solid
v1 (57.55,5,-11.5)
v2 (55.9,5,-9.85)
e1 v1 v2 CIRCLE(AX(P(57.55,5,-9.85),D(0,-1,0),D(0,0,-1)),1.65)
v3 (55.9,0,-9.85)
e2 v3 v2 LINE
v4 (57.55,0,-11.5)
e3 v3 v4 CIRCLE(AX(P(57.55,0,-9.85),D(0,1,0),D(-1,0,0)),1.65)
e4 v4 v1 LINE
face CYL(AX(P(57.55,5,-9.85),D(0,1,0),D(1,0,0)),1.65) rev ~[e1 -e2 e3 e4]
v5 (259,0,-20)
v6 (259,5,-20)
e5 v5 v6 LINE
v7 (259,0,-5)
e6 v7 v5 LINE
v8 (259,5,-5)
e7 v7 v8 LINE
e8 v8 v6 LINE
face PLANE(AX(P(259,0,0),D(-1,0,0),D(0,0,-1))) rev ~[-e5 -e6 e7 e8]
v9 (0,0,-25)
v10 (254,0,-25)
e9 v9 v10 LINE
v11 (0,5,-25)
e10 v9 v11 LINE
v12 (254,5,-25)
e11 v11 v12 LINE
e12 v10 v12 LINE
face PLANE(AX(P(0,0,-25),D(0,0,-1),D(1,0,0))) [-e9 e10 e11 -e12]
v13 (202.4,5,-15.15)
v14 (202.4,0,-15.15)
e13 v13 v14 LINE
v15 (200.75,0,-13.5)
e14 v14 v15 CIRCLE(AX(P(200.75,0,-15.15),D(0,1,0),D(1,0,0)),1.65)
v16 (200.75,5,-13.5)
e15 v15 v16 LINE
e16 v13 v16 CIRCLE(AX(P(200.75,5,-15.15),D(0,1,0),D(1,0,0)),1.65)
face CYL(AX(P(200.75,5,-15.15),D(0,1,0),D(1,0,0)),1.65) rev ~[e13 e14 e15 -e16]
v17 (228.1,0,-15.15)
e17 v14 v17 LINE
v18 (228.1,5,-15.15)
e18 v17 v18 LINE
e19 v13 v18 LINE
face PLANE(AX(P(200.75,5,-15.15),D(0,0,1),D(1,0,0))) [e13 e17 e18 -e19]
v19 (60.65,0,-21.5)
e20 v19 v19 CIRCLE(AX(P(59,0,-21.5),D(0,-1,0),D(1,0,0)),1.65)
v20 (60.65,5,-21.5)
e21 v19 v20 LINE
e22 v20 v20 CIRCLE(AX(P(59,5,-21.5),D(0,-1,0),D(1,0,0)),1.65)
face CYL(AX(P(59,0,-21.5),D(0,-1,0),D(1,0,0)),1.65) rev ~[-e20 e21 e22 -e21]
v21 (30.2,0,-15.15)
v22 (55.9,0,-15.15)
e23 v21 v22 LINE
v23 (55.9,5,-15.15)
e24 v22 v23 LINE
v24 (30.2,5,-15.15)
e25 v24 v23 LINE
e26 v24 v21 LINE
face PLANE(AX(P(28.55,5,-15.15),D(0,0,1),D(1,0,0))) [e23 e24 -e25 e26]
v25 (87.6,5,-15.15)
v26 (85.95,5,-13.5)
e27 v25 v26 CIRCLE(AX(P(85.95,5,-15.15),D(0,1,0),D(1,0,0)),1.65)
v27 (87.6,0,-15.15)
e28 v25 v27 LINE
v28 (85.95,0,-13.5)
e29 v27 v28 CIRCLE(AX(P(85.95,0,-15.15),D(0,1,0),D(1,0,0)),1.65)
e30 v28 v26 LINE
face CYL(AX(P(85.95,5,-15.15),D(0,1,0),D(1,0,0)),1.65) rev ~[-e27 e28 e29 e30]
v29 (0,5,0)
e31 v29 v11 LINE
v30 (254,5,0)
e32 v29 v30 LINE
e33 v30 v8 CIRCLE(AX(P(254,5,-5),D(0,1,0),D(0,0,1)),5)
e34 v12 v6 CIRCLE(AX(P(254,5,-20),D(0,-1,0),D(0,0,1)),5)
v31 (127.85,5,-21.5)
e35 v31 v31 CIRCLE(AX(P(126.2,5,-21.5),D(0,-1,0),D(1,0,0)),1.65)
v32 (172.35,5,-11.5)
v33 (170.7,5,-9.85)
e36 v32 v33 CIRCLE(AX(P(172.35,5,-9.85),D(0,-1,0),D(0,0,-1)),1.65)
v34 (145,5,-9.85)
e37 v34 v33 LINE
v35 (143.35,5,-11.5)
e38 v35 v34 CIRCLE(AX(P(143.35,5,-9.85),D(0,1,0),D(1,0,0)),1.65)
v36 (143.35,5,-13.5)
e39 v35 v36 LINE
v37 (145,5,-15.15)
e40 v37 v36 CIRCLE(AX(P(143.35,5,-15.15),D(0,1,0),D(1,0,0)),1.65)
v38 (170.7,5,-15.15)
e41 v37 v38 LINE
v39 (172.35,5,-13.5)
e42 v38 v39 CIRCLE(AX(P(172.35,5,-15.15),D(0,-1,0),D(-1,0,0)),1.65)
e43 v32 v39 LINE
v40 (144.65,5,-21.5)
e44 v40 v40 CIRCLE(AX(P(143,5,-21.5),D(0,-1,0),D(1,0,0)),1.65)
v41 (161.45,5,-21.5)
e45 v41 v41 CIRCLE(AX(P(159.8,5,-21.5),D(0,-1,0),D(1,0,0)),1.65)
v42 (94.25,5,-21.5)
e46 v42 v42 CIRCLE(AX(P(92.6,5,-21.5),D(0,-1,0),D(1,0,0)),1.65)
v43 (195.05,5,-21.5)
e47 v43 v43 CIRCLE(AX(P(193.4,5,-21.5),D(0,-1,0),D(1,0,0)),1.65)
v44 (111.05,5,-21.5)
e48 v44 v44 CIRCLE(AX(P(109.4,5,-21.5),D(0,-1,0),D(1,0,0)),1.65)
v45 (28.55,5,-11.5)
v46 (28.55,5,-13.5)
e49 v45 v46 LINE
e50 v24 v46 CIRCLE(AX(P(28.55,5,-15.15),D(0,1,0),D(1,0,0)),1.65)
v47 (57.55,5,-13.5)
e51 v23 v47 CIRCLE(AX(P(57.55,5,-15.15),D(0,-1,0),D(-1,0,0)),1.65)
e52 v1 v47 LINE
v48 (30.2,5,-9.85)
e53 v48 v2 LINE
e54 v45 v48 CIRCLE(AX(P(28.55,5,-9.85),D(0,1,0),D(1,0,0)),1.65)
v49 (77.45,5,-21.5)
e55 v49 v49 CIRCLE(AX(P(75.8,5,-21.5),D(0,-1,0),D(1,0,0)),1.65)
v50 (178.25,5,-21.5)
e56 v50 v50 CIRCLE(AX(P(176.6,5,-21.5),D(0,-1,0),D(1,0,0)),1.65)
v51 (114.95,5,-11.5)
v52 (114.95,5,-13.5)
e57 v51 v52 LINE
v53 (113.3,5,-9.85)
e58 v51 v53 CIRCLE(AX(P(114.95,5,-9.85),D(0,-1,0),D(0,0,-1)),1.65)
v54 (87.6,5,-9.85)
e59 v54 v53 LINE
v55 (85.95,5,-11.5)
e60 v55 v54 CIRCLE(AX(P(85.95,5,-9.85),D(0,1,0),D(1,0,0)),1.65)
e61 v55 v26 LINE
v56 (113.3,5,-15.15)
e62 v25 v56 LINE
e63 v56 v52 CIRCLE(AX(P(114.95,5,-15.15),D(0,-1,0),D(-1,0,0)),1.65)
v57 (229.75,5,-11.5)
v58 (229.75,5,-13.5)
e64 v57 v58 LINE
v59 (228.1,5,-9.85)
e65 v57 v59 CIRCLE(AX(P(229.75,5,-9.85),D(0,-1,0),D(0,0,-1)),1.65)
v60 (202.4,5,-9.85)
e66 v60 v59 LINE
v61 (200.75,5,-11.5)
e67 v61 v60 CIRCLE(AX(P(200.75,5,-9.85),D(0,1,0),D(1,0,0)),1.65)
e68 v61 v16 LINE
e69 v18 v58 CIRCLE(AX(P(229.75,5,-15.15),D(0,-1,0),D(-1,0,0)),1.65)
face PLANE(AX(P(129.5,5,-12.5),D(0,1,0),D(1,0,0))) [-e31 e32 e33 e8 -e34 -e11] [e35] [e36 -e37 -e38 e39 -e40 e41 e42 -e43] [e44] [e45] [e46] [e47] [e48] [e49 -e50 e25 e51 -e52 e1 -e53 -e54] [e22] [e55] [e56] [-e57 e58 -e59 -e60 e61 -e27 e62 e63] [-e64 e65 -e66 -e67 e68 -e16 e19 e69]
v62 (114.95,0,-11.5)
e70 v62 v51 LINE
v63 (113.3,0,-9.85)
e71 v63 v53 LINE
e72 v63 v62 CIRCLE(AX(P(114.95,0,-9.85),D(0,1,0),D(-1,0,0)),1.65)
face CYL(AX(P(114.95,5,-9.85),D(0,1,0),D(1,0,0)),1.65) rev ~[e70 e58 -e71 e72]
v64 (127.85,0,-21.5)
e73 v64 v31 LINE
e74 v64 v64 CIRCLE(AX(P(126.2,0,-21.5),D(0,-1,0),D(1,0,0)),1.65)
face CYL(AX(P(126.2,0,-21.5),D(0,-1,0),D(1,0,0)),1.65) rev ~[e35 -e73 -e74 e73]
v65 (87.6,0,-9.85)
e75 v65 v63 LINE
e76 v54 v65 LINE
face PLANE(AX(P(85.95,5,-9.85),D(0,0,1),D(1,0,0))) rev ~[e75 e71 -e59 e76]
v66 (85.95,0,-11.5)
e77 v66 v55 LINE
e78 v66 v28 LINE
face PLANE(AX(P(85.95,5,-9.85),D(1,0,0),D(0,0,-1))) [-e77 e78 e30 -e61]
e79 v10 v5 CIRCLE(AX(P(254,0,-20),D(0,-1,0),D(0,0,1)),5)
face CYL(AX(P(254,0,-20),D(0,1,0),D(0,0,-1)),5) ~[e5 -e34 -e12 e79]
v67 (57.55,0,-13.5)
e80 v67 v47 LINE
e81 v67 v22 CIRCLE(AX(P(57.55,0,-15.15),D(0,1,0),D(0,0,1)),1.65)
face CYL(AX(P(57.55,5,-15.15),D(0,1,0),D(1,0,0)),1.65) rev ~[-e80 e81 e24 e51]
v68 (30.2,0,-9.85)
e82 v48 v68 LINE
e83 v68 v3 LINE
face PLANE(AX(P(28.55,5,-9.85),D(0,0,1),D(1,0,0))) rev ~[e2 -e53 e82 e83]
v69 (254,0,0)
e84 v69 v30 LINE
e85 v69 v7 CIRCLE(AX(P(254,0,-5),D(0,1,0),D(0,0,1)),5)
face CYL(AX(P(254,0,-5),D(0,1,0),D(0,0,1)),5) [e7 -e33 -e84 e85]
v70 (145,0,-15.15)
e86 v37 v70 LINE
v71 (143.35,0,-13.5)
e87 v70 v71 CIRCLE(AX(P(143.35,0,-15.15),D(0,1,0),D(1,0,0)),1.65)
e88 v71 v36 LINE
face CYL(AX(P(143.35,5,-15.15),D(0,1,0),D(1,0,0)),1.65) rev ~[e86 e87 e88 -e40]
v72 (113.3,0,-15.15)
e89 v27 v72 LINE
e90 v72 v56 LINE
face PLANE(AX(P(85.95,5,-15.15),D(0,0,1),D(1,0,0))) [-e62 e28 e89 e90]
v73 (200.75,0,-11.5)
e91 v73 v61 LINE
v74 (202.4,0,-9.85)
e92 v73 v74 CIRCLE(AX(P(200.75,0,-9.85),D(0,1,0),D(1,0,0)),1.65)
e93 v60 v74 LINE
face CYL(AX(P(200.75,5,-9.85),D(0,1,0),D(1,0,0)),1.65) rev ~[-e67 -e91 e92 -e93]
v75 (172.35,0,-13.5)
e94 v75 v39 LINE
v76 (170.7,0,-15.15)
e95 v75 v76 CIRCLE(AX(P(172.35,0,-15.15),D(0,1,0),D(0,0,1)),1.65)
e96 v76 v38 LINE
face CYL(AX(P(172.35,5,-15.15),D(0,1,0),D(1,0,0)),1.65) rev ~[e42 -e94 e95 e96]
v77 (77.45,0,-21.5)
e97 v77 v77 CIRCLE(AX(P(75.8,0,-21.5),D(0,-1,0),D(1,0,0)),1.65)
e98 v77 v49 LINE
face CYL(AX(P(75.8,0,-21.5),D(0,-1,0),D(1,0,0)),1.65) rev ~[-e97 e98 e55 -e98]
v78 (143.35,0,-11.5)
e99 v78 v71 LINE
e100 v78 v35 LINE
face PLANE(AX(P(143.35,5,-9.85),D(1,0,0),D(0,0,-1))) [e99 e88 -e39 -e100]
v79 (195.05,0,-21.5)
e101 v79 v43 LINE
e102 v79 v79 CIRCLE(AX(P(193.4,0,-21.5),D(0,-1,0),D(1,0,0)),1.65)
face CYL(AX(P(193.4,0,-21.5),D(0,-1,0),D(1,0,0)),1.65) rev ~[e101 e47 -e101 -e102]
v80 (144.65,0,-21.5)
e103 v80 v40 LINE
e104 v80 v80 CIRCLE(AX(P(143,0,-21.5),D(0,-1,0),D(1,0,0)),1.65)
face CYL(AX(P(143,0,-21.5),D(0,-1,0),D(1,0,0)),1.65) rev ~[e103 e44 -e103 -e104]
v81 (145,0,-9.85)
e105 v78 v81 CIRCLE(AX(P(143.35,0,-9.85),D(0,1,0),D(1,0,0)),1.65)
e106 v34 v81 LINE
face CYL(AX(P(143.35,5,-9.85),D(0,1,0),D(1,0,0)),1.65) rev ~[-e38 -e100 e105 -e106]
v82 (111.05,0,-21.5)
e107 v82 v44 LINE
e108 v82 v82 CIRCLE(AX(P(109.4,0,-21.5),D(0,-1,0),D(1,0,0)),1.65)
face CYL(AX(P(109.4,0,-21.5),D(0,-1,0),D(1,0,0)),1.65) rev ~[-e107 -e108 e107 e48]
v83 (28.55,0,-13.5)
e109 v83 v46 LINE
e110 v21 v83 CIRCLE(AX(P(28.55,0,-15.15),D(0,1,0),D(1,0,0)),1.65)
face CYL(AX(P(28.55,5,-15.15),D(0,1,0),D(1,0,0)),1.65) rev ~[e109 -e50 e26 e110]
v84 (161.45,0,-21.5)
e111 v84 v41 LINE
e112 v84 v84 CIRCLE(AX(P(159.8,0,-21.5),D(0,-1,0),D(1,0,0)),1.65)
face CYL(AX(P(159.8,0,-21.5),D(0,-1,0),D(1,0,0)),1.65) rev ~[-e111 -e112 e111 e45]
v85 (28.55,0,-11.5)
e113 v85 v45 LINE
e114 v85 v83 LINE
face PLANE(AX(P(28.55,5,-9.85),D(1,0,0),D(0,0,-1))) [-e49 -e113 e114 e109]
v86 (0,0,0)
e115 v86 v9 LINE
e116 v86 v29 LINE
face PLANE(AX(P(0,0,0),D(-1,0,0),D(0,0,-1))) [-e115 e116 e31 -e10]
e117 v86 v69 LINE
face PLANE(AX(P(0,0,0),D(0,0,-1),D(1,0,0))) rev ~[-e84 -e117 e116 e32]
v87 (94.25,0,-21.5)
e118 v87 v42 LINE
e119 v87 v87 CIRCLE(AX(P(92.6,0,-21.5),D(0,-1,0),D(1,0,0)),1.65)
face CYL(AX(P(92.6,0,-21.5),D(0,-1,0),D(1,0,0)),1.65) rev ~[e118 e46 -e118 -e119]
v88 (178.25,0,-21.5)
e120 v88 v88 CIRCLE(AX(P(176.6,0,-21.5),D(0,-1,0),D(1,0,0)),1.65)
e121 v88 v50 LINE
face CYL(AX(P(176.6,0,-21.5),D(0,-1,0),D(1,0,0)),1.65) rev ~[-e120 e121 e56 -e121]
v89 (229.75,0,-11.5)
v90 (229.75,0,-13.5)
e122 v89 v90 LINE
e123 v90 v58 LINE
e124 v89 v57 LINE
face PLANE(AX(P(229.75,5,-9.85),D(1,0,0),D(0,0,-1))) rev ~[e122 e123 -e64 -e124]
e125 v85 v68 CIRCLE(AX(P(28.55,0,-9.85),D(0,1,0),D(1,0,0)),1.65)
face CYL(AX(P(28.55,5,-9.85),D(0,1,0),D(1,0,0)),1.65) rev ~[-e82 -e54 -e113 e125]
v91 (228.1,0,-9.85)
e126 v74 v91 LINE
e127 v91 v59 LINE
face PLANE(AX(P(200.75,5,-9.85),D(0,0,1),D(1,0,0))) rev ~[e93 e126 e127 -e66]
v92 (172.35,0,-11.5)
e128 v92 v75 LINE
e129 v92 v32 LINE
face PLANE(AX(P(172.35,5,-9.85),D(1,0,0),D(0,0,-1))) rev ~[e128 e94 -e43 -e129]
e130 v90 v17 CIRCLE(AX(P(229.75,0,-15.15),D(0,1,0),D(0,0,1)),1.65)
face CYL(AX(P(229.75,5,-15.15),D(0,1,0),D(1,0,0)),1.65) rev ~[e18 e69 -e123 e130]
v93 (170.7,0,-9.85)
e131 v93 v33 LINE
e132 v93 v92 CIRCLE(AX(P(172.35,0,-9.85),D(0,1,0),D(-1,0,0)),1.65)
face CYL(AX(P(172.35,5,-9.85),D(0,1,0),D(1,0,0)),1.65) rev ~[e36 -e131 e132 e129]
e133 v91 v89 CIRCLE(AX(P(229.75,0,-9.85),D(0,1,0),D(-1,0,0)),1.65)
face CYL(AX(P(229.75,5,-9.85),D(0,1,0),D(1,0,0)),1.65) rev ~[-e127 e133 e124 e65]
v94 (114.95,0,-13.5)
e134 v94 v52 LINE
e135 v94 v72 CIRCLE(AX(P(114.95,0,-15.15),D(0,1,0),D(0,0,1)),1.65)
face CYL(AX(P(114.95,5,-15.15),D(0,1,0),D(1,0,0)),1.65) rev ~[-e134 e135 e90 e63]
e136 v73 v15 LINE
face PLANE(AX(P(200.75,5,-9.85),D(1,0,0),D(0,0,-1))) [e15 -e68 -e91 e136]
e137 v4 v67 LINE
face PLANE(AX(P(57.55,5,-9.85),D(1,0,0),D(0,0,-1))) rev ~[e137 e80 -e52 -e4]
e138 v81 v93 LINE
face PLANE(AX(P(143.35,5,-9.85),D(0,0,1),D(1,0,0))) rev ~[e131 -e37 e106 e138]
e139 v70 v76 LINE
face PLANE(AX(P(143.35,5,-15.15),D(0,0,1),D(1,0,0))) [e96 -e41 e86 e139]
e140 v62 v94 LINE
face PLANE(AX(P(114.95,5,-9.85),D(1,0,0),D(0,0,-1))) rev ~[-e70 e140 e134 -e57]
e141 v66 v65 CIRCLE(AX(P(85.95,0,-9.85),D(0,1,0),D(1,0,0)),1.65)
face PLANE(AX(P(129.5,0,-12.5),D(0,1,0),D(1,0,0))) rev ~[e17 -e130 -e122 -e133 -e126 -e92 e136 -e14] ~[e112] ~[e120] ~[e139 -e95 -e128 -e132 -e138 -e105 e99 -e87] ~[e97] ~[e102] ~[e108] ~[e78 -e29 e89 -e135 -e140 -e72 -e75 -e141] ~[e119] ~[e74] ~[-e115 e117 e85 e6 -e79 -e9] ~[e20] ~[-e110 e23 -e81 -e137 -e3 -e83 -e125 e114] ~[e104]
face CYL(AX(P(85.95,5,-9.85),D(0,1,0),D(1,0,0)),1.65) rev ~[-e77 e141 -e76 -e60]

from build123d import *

# Parameters (mm, degrees)
SKETCH1_W           = 259
SKETCH1_H           = 25
BOSS_EXTRUDE1_DEPTH = 5
SKETCH4_W           = 29
SKETCH4_H           = 5.3
CUT_EXTRUDE2_DEPTH  = 6
SKETCH5_R           = 1.65
CUT_EXTRUDE3_DEPTH  = 6
SKETCH6_R           = 1.65
CUT_EXTRUDE4_DEPTH  = 6
FILLET1_R           = 5


with BuildPart() as part:
    # Sketch1 → Boss-Extrude1 (new body)
    with BuildSketch(Plane(origin=(0, 0, 0), x_dir=(1, 0, 0), z_dir=(0, 1, 0))):
        with Locations((129.5, 12.5)):
            Rectangle(SKETCH1_W, SKETCH1_H)
    extrude(amount=BOSS_EXTRUDE1_DEPTH)

    # Sketch4 → Cut-Extrude2 (cut, through all)
    with BuildSketch(Plane(origin=(0, 5, 0), x_dir=(1, 0, 0), z_dir=(0, 1, 0))):
        with Locations((43.05, 12.5)):
            Rectangle(SKETCH4_W, SKETCH4_H)
        with Locations((100.45, 12.5)):
            Rectangle(SKETCH4_W, SKETCH4_H)
        with Locations((157.85, 12.5)):
            Rectangle(SKETCH4_W, SKETCH4_H)
        with Locations((215.25, 12.5)):
            Rectangle(SKETCH4_W, SKETCH4_H)
    extrude(amount=-CUT_EXTRUDE2_DEPTH, mode=Mode.SUBTRACT)

    # Sketch5 → Cut-Extrude3 (cut, through all)
    with BuildSketch(Plane(origin=(0, 5, 0), x_dir=(1, 0, 0), z_dir=(0, 1, 0))):
        with Locations((28.55, 15.15)):
            Circle(SKETCH5_R)
        with Locations((28.55, 9.85)):
            Circle(SKETCH5_R)
        with Locations((57.55, 15.15)):
            Circle(SKETCH5_R)
        with Locations((57.55, 9.85)):
            Circle(SKETCH5_R)
        with Locations((85.95, 15.15)):
            Circle(SKETCH5_R)
        with Locations((85.95, 9.85)):
            Circle(SKETCH5_R)
        with Locations((114.95, 15.15)):
            Circle(SKETCH5_R)
        with Locations((114.95, 9.85)):
            Circle(SKETCH5_R)
        with Locations((143.35, 15.15)):
            Circle(SKETCH5_R)
        with Locations((143.35, 9.85)):
            Circle(SKETCH5_R)
        with Locations((172.35, 15.15)):
            Circle(SKETCH5_R)
        with Locations((172.35, 9.85)):
            Circle(SKETCH5_R)
        with Locations((200.75, 15.15)):
            Circle(SKETCH5_R)
        with Locations((229.75, 15.15)):
            Circle(SKETCH5_R)
        with Locations((229.75, 9.85)):
            Circle(SKETCH5_R)
        with Locations((200.75, 9.85)):
            Circle(SKETCH5_R)
    extrude(amount=-CUT_EXTRUDE3_DEPTH, mode=Mode.SUBTRACT)

    # Sketch6 → Cut-Extrude4 (cut, through all)
    with BuildSketch(Plane.XZ):
        with Locations((193.4, -21.5)):
            Circle(SKETCH6_R)
        with Locations((176.6, -21.5)):
            Circle(SKETCH6_R)
        with Locations((159.8, -21.5)):
            Circle(SKETCH6_R)
        with Locations((143, -21.5)):
            Circle(SKETCH6_R)
        with Locations((126.2, -21.5)):
            Circle(SKETCH6_R)
        with Locations((109.4, -21.5)):
            Circle(SKETCH6_R)
        with Locations((92.6, -21.5)):
            Circle(SKETCH6_R)
        with Locations((75.8, -21.5)):
            Circle(SKETCH6_R)
        with Locations((59, -21.5)):
            Circle(SKETCH6_R)
    extrude(amount=-CUT_EXTRUDE4_DEPTH, mode=Mode.SUBTRACT)

    # Fillet1
    fillet1_edges = [part.edges().sort_by_distance(p)[0] for p in [
        (259, 2.5, -25),
        (259, 2.5, 0),
    ]]
    fillet(fillet1_edges, radius=FILLET1_R)


solid = part.part
